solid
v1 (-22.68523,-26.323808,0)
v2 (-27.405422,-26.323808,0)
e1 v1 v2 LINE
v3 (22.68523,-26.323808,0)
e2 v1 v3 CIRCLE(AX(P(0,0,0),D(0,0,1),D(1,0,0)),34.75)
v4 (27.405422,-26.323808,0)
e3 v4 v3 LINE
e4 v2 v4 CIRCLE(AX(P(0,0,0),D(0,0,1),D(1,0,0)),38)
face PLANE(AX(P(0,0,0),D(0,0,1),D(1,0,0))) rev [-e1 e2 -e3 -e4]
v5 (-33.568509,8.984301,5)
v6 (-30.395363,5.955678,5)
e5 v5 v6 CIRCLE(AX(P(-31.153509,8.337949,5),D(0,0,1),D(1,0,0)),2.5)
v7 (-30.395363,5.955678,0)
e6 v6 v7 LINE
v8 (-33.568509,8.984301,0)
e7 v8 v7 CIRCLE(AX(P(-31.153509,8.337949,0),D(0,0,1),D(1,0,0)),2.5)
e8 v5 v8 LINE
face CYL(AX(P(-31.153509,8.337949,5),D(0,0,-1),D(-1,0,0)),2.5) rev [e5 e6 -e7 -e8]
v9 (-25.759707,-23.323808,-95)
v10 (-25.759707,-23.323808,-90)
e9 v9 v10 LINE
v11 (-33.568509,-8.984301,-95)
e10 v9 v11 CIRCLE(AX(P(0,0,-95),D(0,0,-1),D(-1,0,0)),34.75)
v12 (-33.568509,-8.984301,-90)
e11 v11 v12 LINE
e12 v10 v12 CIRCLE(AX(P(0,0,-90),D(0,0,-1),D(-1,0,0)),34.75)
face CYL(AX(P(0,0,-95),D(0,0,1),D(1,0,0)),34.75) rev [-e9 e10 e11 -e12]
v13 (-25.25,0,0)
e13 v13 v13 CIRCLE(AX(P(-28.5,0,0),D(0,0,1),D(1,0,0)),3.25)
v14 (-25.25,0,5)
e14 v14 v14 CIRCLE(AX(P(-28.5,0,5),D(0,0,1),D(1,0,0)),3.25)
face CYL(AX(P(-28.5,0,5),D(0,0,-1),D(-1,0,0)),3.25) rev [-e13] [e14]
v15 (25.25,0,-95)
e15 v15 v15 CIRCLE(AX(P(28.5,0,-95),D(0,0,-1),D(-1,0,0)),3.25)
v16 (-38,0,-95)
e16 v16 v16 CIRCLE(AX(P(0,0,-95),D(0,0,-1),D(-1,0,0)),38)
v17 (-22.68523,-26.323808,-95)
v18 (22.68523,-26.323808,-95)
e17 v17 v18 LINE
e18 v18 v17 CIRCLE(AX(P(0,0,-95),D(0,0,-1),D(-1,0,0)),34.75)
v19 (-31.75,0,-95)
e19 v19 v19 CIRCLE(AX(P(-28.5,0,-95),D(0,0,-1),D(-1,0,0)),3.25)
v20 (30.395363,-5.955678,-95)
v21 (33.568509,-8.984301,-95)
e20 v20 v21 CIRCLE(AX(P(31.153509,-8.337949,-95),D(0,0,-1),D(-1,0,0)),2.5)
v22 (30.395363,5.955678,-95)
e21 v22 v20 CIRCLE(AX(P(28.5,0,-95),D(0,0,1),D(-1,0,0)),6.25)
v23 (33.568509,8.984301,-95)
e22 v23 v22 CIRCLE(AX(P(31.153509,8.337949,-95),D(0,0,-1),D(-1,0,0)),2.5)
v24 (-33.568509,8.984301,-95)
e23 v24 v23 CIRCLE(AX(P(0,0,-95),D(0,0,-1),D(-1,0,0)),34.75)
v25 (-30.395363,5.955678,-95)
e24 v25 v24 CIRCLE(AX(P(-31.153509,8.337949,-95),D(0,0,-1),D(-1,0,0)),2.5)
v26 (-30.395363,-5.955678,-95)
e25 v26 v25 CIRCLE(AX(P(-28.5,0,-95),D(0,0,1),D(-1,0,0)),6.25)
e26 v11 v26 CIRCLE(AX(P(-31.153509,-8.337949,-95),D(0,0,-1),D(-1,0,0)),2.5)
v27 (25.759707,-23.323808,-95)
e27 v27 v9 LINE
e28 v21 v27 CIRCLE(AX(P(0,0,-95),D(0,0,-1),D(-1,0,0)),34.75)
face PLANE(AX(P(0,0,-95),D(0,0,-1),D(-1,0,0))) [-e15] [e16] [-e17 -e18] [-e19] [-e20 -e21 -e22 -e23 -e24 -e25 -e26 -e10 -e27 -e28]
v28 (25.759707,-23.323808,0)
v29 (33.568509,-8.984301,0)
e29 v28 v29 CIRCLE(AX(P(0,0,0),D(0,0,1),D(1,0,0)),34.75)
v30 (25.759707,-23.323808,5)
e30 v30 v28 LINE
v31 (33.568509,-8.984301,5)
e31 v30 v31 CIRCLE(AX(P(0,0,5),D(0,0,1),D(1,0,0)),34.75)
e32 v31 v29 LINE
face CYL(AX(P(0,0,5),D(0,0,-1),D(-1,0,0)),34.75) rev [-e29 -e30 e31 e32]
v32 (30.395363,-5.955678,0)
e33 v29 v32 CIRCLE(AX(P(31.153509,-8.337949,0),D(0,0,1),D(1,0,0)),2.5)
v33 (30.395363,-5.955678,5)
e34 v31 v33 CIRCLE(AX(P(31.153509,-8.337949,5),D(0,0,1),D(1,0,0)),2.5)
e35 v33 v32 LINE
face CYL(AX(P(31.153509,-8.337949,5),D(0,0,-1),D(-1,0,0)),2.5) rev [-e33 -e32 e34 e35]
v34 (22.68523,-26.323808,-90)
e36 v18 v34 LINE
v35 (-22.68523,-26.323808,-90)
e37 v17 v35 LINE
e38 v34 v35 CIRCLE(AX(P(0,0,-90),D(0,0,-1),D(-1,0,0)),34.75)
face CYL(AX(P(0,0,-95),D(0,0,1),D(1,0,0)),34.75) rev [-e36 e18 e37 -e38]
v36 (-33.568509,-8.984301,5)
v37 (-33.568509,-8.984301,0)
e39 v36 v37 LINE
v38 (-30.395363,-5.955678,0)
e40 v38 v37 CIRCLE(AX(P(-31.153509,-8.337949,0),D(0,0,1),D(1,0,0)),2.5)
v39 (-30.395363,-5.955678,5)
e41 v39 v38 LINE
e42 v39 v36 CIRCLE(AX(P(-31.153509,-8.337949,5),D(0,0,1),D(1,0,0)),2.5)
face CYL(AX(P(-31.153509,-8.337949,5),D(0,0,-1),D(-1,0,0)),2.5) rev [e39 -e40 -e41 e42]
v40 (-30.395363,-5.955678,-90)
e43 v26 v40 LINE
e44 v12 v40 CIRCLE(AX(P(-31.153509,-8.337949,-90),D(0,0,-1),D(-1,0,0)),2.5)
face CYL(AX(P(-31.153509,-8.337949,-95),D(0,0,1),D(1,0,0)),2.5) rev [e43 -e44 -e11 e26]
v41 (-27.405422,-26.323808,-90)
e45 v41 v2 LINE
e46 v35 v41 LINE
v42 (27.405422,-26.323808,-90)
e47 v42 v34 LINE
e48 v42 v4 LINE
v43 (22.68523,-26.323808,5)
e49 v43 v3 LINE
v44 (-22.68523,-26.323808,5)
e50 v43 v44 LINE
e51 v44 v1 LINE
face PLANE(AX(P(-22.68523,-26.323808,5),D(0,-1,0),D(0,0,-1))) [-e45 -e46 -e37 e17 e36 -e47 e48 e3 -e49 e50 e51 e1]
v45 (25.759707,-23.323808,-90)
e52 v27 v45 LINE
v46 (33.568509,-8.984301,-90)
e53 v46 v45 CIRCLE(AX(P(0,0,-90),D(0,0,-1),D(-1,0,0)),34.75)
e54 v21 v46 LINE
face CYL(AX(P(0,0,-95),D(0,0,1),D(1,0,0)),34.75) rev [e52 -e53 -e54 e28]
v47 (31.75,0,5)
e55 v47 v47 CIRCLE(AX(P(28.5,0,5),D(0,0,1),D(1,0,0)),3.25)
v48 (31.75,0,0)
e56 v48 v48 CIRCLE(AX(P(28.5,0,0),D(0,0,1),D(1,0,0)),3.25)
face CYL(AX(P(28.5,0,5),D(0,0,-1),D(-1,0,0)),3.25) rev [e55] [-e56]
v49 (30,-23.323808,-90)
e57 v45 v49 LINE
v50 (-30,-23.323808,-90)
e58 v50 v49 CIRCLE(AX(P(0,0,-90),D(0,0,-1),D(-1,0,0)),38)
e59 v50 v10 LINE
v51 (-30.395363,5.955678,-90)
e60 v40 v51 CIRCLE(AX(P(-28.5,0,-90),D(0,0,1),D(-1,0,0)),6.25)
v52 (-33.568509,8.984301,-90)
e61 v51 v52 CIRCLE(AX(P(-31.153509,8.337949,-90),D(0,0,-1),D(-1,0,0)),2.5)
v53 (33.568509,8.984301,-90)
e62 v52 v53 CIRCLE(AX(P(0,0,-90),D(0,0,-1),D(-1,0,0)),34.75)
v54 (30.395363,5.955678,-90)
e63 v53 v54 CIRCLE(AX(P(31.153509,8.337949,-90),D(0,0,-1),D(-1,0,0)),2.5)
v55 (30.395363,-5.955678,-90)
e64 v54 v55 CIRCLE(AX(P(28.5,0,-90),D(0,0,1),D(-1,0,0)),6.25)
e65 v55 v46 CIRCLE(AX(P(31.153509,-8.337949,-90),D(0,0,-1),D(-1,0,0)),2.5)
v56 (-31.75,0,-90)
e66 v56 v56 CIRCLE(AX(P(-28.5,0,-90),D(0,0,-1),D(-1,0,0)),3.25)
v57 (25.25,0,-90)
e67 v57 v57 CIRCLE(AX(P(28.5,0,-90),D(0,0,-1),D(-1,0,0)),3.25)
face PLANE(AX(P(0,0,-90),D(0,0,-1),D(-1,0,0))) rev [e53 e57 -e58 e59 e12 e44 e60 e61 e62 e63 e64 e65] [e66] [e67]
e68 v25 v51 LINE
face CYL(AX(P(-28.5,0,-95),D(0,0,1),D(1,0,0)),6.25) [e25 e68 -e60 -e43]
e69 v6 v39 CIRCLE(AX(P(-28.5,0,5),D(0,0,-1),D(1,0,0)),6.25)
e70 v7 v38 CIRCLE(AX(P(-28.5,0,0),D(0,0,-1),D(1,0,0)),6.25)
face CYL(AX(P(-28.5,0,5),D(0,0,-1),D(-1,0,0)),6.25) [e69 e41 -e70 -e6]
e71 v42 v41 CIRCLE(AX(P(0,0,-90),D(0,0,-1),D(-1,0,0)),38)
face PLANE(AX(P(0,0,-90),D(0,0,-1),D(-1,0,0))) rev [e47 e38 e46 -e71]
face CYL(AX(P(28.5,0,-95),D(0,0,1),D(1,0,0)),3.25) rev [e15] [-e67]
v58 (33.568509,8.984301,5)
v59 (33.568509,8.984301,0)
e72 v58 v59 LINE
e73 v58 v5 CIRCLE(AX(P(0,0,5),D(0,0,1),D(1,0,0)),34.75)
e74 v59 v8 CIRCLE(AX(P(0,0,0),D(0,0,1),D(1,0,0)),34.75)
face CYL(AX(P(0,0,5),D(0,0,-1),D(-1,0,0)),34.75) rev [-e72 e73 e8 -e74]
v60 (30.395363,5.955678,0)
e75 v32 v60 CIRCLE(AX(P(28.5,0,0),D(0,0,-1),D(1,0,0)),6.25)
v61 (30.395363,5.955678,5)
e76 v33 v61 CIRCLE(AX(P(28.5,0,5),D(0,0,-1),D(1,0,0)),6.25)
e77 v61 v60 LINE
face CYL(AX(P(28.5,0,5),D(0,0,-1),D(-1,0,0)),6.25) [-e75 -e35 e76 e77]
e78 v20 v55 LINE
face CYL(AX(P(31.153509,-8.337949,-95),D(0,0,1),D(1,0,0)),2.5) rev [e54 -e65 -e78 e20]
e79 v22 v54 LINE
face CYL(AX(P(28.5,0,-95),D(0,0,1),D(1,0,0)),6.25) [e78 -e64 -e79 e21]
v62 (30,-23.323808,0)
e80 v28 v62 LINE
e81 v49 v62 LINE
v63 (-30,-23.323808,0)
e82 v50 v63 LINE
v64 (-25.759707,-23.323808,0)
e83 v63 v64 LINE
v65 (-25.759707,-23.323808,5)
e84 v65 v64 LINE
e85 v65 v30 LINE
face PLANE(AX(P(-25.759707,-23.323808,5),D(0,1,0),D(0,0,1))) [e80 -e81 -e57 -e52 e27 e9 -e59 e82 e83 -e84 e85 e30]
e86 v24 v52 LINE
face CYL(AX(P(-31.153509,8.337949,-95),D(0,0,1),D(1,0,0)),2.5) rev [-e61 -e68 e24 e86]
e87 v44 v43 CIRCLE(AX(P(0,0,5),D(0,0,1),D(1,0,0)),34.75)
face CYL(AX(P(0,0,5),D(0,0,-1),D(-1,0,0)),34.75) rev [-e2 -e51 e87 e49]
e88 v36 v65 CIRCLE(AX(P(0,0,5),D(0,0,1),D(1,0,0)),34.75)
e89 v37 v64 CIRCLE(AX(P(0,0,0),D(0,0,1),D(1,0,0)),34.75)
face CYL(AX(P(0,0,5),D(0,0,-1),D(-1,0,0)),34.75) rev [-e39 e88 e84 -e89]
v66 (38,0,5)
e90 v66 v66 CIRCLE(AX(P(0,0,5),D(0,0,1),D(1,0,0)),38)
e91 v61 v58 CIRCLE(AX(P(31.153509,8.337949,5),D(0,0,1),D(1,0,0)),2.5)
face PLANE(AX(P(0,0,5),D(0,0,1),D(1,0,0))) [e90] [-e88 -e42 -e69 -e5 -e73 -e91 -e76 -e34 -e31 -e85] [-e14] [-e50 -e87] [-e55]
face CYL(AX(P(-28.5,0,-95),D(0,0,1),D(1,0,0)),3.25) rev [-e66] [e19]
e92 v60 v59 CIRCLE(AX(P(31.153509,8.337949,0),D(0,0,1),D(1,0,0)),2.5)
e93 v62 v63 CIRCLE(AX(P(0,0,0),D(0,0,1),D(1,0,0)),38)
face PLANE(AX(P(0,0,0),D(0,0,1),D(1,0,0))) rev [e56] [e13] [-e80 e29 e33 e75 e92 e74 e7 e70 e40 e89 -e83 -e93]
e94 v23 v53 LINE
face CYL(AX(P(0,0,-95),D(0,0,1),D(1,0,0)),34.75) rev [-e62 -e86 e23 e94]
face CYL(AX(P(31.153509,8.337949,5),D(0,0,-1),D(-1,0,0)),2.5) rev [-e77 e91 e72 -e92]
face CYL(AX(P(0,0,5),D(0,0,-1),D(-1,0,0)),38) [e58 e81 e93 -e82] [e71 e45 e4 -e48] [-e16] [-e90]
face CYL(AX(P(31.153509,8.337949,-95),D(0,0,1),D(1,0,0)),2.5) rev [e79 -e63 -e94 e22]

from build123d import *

# Parameters (mm, degrees)
SKETCH1_R           = 38
SKETCH1_R_2         = 3.25
BOSS_EXTRUDE1_DEPTH = 5
BOSS_EXTRUDE2_START = 90
BOSS_EXTRUDE2_DEPTH = 90
BOSS_EXTRUDE3_START = 5
SKETCH3_R           = 3.25
BOSS_EXTRUDE3_DEPTH = 5


with BuildPart() as part:
    # Sketch1 → Boss-Extrude1 (new body)
    with BuildSketch(Plane.XY):
        Circle(SKETCH1_R)
        with Locations((-28.5, 0)):
            Circle(SKETCH1_R_2, mode=Mode.SUBTRACT)
        with Locations((28.5, 0)):
            Circle(SKETCH1_R_2, mode=Mode.SUBTRACT)
        with BuildLine():
            Line((-25.759706908, -23.323807579), (25.759706908, -23.323807579))
            ThreePointArc((25.759706908, -23.323807579), (30.518267855, -16.619200556), (33.568509452, -8.984301485))
            ThreePointArc((33.568509452, -8.984301485), (32.879612131, -6.529477906), (30.395363409, -5.955677757))
            ThreePointArc((30.395363409, -5.955677757), (22.25, 0), (30.395363409, 5.955677757))
            ThreePointArc((30.395363409, 5.955677757), (32.879612131, 6.529477906), (33.568509452, 8.984301485))
            ThreePointArc((33.568509452, 8.984301485), (0, 34.75), (-33.568509452, 8.984301485))
            ThreePointArc((-33.568509452, 8.984301485), (-32.879612131, 6.529477906), (-30.395363409, 5.955677757))
            ThreePointArc((-30.395363409, 5.955677757), (-22.25, 0), (-30.395363409, -5.955677757))
            ThreePointArc((-30.395363409, -5.955677757), (-32.879612131, -6.529477906), (-33.568509452, -8.984301485))
            ThreePointArc((-33.568509452, -8.984301485), (-30.518267855, -16.619200556), (-25.759706908, -23.323807579))
        make_face(mode=Mode.SUBTRACT)
        with BuildLine():
            Line((-22.685229876, -26.323807579), (22.685229876, -26.323807579))
            ThreePointArc((22.685229876, -26.323807579), (0, -34.75), (-22.685229876, -26.323807579))
        make_face(mode=Mode.SUBTRACT)
    extrude(amount=BOSS_EXTRUDE1_DEPTH)

    # Sketch2 → Boss-Extrude2 (add)
    with BuildSketch(Plane(origin=(0, 0, 0), x_dir=(-1, 0, 0), z_dir=(0, 0, -1)).offset(BOSS_EXTRUDE2_START)):
        with BuildLine():
            Line((-30, -23.323807579), (30, -23.323807579))
            ThreePointArc((30, -23.323807579), (28.741879175, -24.857682545), (27.405421991, -26.323807579))
            Line((27.405421991, -26.323807579), (-27.405421991, -26.323807579))
            ThreePointArc((-27.405421991, -26.323807579), (-28.741879175, -24.857682545), (-30, -23.323807579))
        make_face()
    extrude(amount=-BOSS_EXTRUDE2_DEPTH)

    # Sketch3 → Boss-Extrude3 (add)
    with BuildSketch(Plane(origin=(0, 0, -90), x_dir=(-1, 0, 0), z_dir=(0, 0, -1)).offset(BOSS_EXTRUDE3_START)):
        with BuildLine():
            ThreePointArc((-30, -23.323807579), (-28.741879175, -24.857682545), (-27.405421991, -26.323807579))
            ThreePointArc((-27.405421991, -26.323807579), (0, -38), (27.405421991, -26.323807579))
            ThreePointArc((27.405421991, -26.323807579), (28.741879175, -24.857682545), (30, -23.323807579))
            ThreePointArc((30, -23.323807579), (0, 38), (-30, -23.323807579))
        make_face()
        with Locations(Location((28.5, 0, 0), (0, 0, 180))):
            Circle(SKETCH3_R, mode=Mode.SUBTRACT)
        with Locations(Location((-28.5, 0, 0), (0, 0, 180))):
            Circle(SKETCH3_R, mode=Mode.SUBTRACT)
        with BuildLine():
            Line((-22.685229876, -26.323807579), (22.685229876, -26.323807579))
            ThreePointArc((22.685229876, -26.323807579), (0, -34.75), (-22.685229876, -26.323807579))
        make_face(mode=Mode.SUBTRACT)
        with BuildLine():
            Line((25.759706908, -23.323807579), (-25.759706908, -23.323807579))
            ThreePointArc((-25.759706908, -23.323807579), (-30.518267855, -16.619200556), (-33.568509452, -8.984301485))
            ThreePointArc((-33.568509452, -8.984301485), (-32.879612131, -6.529477906), (-30.395363409, -5.955677757))
            ThreePointArc((-30.395363409, -5.955677757), (-22.25, 0), (-30.395363409, 5.955677757))
            ThreePointArc((-30.395363409, 5.955677757), (-32.879612131, 6.529477906), (-33.568509452, 8.984301485))
            ThreePointArc((-33.568509452, 8.984301485), (0, 34.75), (33.568509452, 8.984301485))
            ThreePointArc((33.568509452, 8.984301485), (32.879612131, 6.529477906), (30.395363409, 5.955677757))
            ThreePointArc((30.395363409, 5.955677757), (22.25, 0), (30.395363409, -5.955677757))
            ThreePointArc((30.395363409, -5.955677757), (32.879612131, -6.529477906), (33.568509452, -8.984301485))
            ThreePointArc((33.568509452, -8.984301485), (30.518267855, -16.619200556), (25.759706908, -23.323807579))
        make_face(mode=Mode.SUBTRACT)
    extrude(amount=-BOSS_EXTRUDE3_DEPTH)


solid = part.part
